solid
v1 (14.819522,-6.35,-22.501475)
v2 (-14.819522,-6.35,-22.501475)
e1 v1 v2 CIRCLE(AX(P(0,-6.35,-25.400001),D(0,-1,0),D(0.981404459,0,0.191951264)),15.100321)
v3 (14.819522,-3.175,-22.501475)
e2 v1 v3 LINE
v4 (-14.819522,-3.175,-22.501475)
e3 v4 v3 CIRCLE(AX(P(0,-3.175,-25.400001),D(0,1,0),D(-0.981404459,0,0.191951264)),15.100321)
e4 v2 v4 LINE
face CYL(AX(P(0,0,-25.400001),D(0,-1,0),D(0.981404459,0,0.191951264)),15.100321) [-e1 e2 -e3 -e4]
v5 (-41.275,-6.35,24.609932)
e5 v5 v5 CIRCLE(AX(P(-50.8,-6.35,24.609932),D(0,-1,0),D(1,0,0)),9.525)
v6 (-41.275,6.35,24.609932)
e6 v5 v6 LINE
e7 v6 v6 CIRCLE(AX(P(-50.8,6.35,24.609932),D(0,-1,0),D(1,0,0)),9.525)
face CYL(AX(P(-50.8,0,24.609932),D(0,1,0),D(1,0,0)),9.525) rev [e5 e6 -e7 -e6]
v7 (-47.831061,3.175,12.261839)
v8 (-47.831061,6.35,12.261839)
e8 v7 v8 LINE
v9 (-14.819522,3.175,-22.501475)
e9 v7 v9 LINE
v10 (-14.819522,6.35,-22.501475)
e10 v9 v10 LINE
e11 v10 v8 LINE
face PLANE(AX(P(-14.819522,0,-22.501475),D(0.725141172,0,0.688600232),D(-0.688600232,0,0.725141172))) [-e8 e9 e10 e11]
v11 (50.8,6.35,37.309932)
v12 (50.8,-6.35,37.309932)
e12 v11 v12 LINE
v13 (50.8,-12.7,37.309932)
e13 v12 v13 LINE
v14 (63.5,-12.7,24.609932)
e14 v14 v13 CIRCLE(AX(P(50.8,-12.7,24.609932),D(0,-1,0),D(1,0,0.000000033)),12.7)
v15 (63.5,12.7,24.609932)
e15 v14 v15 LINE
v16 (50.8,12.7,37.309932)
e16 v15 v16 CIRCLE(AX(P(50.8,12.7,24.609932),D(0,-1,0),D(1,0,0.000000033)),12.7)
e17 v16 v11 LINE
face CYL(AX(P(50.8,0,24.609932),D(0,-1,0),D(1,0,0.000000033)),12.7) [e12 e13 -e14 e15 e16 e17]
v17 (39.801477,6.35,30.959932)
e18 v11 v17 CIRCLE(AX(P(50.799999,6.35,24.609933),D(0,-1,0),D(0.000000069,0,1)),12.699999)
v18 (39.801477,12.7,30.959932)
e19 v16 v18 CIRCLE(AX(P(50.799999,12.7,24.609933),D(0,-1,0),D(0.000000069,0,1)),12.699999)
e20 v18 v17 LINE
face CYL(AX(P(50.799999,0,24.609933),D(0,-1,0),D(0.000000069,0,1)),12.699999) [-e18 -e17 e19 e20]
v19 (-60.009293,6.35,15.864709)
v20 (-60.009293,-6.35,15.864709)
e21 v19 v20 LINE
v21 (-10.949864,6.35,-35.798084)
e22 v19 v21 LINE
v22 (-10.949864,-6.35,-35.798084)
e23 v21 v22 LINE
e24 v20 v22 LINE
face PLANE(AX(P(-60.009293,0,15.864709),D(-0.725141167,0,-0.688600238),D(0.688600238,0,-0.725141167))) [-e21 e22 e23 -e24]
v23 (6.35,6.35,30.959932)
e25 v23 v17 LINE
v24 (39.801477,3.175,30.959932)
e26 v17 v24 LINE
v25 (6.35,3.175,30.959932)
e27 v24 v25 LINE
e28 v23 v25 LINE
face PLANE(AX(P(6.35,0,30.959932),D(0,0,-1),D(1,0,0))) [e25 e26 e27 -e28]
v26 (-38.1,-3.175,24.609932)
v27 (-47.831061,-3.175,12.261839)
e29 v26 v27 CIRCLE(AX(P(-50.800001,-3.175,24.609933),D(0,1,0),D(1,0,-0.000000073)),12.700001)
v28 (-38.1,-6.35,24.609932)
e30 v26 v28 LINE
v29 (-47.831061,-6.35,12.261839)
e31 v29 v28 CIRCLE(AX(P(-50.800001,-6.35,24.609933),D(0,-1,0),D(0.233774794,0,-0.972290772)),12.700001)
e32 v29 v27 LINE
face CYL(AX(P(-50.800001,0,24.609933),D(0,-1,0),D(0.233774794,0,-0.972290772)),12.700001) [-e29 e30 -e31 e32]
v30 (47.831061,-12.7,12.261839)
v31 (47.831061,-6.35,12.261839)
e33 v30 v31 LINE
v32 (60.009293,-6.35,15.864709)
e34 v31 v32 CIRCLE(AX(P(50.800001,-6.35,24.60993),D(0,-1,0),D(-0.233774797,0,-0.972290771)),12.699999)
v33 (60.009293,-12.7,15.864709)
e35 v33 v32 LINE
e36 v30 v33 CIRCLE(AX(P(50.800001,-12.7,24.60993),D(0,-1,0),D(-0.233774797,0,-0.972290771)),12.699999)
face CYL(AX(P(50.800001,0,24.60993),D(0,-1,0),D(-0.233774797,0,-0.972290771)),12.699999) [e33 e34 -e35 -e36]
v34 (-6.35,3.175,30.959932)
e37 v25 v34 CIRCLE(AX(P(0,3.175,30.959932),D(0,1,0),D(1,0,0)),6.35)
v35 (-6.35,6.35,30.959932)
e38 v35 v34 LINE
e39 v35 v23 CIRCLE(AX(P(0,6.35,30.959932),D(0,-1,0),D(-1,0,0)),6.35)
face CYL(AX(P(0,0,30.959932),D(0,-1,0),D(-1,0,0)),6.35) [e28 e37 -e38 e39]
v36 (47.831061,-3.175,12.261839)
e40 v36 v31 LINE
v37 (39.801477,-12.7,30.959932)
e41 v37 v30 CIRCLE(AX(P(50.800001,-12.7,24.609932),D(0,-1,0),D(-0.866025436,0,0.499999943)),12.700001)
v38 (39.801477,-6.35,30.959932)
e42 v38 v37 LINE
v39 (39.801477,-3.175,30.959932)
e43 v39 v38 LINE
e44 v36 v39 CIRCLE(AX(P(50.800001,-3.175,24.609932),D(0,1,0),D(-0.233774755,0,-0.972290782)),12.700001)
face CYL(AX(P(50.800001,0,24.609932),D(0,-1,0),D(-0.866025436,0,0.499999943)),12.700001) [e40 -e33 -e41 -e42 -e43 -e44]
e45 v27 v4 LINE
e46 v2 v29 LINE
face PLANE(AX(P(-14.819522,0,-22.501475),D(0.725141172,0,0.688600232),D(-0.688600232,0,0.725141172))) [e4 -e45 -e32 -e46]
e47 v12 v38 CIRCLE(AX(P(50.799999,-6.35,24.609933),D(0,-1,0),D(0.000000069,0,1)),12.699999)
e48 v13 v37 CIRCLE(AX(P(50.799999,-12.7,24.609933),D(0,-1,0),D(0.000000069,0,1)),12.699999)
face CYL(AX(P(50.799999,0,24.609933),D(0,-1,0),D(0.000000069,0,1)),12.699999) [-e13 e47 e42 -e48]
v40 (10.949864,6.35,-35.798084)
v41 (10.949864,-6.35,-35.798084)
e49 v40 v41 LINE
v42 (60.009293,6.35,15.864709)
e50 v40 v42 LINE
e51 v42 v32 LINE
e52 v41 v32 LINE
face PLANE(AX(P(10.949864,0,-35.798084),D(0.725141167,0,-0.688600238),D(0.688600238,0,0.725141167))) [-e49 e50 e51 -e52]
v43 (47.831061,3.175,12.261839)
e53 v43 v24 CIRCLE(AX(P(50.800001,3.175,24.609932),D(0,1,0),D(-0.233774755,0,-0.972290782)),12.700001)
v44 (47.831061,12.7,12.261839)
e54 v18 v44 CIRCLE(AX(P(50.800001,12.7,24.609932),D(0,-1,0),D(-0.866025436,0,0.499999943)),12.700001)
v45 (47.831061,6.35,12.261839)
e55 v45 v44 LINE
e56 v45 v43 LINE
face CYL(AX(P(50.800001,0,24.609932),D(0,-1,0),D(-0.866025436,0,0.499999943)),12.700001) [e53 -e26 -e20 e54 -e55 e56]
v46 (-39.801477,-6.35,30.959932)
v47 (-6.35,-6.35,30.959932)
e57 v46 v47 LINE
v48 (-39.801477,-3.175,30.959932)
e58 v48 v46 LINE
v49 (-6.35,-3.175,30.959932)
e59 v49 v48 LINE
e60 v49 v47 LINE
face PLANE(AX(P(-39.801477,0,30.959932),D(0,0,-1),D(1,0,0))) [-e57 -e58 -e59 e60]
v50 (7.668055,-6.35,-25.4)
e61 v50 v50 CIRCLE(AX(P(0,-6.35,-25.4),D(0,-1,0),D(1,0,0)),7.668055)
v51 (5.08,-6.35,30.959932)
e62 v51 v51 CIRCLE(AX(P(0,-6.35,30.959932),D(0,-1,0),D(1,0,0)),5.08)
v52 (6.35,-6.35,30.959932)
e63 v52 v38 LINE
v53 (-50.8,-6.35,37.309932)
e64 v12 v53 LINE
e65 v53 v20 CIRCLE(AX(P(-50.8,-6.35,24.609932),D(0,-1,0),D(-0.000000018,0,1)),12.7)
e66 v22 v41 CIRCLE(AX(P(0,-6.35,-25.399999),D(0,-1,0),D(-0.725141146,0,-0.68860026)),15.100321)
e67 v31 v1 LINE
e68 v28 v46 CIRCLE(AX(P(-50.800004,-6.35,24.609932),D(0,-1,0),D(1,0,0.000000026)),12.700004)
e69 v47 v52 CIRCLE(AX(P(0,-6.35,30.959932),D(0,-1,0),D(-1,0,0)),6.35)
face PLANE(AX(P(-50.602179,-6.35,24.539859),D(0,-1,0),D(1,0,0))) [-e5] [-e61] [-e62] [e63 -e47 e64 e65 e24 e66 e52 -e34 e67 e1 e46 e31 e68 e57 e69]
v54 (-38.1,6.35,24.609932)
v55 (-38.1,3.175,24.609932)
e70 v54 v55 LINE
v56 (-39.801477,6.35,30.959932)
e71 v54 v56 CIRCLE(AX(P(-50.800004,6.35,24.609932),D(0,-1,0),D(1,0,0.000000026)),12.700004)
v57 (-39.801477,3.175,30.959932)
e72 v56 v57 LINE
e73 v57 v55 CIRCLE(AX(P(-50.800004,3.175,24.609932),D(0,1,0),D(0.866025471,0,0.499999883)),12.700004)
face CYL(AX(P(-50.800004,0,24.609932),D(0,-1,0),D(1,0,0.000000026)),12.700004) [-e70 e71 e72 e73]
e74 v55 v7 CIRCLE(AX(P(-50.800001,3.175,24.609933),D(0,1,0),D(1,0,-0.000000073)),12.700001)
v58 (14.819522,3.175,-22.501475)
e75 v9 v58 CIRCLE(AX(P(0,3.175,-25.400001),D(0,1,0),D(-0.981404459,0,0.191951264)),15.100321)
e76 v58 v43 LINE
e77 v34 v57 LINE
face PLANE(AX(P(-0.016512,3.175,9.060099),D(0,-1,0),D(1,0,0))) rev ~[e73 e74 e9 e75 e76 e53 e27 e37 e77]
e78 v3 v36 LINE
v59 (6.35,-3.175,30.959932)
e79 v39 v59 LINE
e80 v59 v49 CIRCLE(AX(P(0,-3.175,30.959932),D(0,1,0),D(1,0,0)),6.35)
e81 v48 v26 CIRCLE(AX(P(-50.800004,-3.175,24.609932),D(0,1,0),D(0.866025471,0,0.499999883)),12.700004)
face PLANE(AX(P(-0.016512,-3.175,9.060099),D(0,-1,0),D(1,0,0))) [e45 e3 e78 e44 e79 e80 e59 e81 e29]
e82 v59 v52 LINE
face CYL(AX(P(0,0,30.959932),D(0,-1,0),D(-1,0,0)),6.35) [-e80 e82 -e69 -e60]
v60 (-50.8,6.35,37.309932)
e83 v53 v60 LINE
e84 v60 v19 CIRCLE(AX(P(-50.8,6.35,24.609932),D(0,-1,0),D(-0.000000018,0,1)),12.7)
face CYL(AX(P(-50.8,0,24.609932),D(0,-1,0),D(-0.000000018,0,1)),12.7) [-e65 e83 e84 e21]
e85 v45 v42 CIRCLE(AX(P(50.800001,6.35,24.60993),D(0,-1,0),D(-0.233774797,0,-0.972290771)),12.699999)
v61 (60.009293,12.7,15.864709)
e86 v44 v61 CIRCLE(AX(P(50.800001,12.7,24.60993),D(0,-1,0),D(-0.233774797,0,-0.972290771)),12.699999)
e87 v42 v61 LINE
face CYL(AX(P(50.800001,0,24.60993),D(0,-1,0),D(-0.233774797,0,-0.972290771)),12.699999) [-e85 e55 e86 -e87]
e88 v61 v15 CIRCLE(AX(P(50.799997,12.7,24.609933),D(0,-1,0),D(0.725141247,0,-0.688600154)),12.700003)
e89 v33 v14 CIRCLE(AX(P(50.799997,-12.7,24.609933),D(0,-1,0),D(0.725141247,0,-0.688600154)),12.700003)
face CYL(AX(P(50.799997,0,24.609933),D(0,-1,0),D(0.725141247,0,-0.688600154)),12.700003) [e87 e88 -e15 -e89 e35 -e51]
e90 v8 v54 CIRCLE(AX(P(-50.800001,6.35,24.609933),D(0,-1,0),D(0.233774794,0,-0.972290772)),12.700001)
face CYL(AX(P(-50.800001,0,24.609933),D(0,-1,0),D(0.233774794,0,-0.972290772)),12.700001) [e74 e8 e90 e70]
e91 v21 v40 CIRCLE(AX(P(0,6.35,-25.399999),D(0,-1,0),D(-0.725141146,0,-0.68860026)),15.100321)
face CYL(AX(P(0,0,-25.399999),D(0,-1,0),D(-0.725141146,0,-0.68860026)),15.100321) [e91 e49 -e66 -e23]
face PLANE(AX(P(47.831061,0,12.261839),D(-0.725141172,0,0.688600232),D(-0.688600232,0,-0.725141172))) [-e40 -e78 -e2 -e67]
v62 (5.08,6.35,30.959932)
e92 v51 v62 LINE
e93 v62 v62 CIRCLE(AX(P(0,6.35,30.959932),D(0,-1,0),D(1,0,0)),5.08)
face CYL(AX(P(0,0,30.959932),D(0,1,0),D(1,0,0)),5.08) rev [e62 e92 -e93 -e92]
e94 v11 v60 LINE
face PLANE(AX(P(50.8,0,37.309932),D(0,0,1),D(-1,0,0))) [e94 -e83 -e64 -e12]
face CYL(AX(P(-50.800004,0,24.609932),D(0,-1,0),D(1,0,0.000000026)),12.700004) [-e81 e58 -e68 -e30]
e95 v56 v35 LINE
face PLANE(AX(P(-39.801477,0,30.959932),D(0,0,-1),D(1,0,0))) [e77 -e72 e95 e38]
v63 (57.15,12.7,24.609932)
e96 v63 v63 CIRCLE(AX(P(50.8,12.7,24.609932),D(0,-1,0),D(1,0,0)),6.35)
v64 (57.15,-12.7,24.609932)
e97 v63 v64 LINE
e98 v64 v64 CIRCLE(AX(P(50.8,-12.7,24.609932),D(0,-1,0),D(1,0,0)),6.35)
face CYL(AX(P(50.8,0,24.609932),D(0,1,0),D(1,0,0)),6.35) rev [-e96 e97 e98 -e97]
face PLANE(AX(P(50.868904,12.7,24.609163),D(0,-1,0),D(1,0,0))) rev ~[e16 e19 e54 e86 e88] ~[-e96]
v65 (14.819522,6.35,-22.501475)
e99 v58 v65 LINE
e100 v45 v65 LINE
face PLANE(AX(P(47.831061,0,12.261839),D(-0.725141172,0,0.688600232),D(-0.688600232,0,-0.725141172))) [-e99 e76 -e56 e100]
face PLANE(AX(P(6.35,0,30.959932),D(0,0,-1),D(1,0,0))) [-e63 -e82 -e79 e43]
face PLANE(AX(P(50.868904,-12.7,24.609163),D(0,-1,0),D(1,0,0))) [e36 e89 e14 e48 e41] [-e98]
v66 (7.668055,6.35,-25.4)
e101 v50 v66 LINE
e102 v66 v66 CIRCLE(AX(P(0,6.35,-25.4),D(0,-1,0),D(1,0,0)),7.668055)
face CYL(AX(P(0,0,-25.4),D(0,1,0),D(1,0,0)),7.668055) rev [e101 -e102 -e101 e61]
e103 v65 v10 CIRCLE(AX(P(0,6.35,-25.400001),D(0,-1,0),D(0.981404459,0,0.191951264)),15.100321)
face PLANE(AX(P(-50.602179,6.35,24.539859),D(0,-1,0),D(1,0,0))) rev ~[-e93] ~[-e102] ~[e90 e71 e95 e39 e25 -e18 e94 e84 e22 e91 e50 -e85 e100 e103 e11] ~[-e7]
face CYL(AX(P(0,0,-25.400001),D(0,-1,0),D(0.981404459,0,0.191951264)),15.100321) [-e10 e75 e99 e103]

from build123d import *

# Parameters (mm, degrees)
F0_R     = 9.525
F0_R_2   = 5.08
F0_R_3   = 6.35
F0_R_4   = 7.668055
F1_DEPTH = 6.35
F2_DEPTH = 3.175
F3_DEPTH = 12.7


with BuildPart() as f1:
    # F0 (on Front) → F1 (new body, symmetric)
    with BuildSketch(Plane.XZ):
        with BuildLine():
            ThreePointArc((-47.831061, 12.261839), (-40.825144, 16.749128), (-38.1, 24.609932))
            ThreePointArc((-38.1, 24.609932), (-38.532742, 27.896934), (-39.801477, 30.959932))
            ThreePointArc((-39.801477, 30.959932), (-44.45, 35.608455), (-50.8, 37.309932))
            ThreePointArc((-50.8, 37.309932), (-62.469497, 29.621203), (-60.009293, 15.864709))
            ThreePointArc((-60.009293, 15.864709), (-54.40287, 12.4317), (-47.831061, 12.261839))
        make_face()
        with Locations((-50.8, 24.609932)):
            Circle(F0_R, mode=Mode.SUBTRACT)
        with BuildLine():
            ThreePointArc((-50.8, 37.309932), (-44.45, 35.608455), (-39.801477, 30.959932))
            Line((-39.801477, 30.959932), (-6.35, 30.959932))
            ThreePointArc((-6.35, 30.959932), (-4.490128, 35.45006), (0, 37.309932))
            Line((0, 37.309932), (-50.8, 37.309932))
        make_face()
        with BuildLine():
            ThreePointArc((0, 37.309932), (-4.490128, 35.45006), (-6.35, 30.959932))
            ThreePointArc((-6.35, 30.959932), (0, 24.609932), (6.35, 30.959932))
            ThreePointArc((6.35, 30.959932), (4.490128, 35.45006), (0, 37.309932))
        make_face()
        with Locations((0, 30.959932)):
            Circle(F0_R_2, mode=Mode.SUBTRACT)
        with BuildLine():
            Line((50.8, 37.309932), (0, 37.309932))
            ThreePointArc((0, 37.309932), (4.490128, 35.45006), (6.35, 30.959932))
            Line((6.35, 30.959932), (39.801477, 30.959932))
            ThreePointArc((39.801477, 30.959932), (44.45, 35.608455), (50.8, 37.309932))
        make_face()
        with BuildLine():
            ThreePointArc((63.5, 24.609932), (59.780256, 33.590188), (50.8, 37.309932))
            ThreePointArc((50.8, 37.309932), (44.45, 35.608455), (39.801477, 30.959932))
            ThreePointArc((39.801477, 30.959932), (39.130503, 19.598661), (47.831061, 12.261839))
            ThreePointArc((47.831061, 12.261839), (54.40287, 12.4317), (60.009293, 15.864709))
            ThreePointArc((60.009293, 15.864709), (62.595084, 19.901855), (63.5, 24.609932))
        make_face()
        with Locations((50.8, 24.609932)):
            Circle(F0_R_3, mode=Mode.SUBTRACT)
        with BuildLine():
            Line((47.831061, 12.261839), (14.819522, -22.501475))
            ThreePointArc((14.819522, -22.501475), (15.029956, -23.943953), (15.10032, -25.4))
            ThreePointArc((15.10032, -25.4), (14.024374, -30.997911), (10.949864, -35.798084))
            Line((10.949864, -35.798084), (60.009293, 15.864709))
            ThreePointArc((60.009293, 15.864709), (54.40287, 12.4317), (47.831061, 12.261839))
        make_face()
        with BuildLine():
            ThreePointArc((14.819522, -22.501475), (0, -10.29968), (-14.819522, -22.501475))
            ThreePointArc((-14.819522, -22.501475), (-14.498802, -29.619527), (-10.949864, -35.798084))
            ThreePointArc((-10.949864, -35.798084), (0, -40.50032), (10.949864, -35.798084))
            ThreePointArc((10.949864, -35.798084), (14.024374, -30.997911), (15.10032, -25.4))
            ThreePointArc((15.10032, -25.4), (15.029956, -23.943953), (14.819522, -22.501475))
        make_face()
        with Locations((0, -25.4)):
            Circle(F0_R_4, mode=Mode.SUBTRACT)
        with BuildLine():
            Line((-14.819522, -22.501475), (-47.831061, 12.261839))
            ThreePointArc((-47.831061, 12.261839), (-54.40287, 12.4317), (-60.009293, 15.864709))
            Line((-60.009293, 15.864709), (-10.949864, -35.798084))
            ThreePointArc((-10.949864, -35.798084), (-14.498802, -29.619527), (-14.819522, -22.501475))
        make_face()
    extrude(amount=F1_DEPTH, both=True)

    # F0 (on Front) → F2 (join, symmetric)
    with BuildSketch(Plane.XZ):
        with BuildLine():
            ThreePointArc((-39.801477, 30.959932), (-38.532742, 27.896934), (-38.1, 24.609932))
            ThreePointArc((-38.1, 24.609932), (-40.825144, 16.749128), (-47.831061, 12.261839))
            Line((-47.831061, 12.261839), (-14.819522, -22.501475))
            ThreePointArc((-14.819522, -22.501475), (0, -10.29968), (14.819522, -22.501475))
            Line((14.819522, -22.501475), (47.831061, 12.261839))
            ThreePointArc((47.831061, 12.261839), (39.130503, 19.598661), (39.801477, 30.959932))
            Line((39.801477, 30.959932), (6.35, 30.959932))
            ThreePointArc((6.35, 30.959932), (0, 24.609932), (-6.35, 30.959932))
            Line((-6.35, 30.959932), (-39.801477, 30.959932))
        make_face()
    extrude(amount=F2_DEPTH, both=True)

    # F0 (on Front) → F3 (join, symmetric)
    with BuildSketch(Plane.XZ):
        with BuildLine():
            ThreePointArc((63.5, 24.609932), (59.780256, 33.590188), (50.8, 37.309932))
            ThreePointArc((50.8, 37.309932), (44.45, 35.608455), (39.801477, 30.959932))
            ThreePointArc((39.801477, 30.959932), (39.130503, 19.598661), (47.831061, 12.261839))
            ThreePointArc((47.831061, 12.261839), (54.40287, 12.4317), (60.009293, 15.864709))
            ThreePointArc((60.009293, 15.864709), (62.595084, 19.901855), (63.5, 24.609932))
        make_face()
        with Locations((50.8, 24.609932)):
            Circle(F0_R_3, mode=Mode.SUBTRACT)
    extrude(amount=F3_DEPTH, both=True)


solid = f1.part
